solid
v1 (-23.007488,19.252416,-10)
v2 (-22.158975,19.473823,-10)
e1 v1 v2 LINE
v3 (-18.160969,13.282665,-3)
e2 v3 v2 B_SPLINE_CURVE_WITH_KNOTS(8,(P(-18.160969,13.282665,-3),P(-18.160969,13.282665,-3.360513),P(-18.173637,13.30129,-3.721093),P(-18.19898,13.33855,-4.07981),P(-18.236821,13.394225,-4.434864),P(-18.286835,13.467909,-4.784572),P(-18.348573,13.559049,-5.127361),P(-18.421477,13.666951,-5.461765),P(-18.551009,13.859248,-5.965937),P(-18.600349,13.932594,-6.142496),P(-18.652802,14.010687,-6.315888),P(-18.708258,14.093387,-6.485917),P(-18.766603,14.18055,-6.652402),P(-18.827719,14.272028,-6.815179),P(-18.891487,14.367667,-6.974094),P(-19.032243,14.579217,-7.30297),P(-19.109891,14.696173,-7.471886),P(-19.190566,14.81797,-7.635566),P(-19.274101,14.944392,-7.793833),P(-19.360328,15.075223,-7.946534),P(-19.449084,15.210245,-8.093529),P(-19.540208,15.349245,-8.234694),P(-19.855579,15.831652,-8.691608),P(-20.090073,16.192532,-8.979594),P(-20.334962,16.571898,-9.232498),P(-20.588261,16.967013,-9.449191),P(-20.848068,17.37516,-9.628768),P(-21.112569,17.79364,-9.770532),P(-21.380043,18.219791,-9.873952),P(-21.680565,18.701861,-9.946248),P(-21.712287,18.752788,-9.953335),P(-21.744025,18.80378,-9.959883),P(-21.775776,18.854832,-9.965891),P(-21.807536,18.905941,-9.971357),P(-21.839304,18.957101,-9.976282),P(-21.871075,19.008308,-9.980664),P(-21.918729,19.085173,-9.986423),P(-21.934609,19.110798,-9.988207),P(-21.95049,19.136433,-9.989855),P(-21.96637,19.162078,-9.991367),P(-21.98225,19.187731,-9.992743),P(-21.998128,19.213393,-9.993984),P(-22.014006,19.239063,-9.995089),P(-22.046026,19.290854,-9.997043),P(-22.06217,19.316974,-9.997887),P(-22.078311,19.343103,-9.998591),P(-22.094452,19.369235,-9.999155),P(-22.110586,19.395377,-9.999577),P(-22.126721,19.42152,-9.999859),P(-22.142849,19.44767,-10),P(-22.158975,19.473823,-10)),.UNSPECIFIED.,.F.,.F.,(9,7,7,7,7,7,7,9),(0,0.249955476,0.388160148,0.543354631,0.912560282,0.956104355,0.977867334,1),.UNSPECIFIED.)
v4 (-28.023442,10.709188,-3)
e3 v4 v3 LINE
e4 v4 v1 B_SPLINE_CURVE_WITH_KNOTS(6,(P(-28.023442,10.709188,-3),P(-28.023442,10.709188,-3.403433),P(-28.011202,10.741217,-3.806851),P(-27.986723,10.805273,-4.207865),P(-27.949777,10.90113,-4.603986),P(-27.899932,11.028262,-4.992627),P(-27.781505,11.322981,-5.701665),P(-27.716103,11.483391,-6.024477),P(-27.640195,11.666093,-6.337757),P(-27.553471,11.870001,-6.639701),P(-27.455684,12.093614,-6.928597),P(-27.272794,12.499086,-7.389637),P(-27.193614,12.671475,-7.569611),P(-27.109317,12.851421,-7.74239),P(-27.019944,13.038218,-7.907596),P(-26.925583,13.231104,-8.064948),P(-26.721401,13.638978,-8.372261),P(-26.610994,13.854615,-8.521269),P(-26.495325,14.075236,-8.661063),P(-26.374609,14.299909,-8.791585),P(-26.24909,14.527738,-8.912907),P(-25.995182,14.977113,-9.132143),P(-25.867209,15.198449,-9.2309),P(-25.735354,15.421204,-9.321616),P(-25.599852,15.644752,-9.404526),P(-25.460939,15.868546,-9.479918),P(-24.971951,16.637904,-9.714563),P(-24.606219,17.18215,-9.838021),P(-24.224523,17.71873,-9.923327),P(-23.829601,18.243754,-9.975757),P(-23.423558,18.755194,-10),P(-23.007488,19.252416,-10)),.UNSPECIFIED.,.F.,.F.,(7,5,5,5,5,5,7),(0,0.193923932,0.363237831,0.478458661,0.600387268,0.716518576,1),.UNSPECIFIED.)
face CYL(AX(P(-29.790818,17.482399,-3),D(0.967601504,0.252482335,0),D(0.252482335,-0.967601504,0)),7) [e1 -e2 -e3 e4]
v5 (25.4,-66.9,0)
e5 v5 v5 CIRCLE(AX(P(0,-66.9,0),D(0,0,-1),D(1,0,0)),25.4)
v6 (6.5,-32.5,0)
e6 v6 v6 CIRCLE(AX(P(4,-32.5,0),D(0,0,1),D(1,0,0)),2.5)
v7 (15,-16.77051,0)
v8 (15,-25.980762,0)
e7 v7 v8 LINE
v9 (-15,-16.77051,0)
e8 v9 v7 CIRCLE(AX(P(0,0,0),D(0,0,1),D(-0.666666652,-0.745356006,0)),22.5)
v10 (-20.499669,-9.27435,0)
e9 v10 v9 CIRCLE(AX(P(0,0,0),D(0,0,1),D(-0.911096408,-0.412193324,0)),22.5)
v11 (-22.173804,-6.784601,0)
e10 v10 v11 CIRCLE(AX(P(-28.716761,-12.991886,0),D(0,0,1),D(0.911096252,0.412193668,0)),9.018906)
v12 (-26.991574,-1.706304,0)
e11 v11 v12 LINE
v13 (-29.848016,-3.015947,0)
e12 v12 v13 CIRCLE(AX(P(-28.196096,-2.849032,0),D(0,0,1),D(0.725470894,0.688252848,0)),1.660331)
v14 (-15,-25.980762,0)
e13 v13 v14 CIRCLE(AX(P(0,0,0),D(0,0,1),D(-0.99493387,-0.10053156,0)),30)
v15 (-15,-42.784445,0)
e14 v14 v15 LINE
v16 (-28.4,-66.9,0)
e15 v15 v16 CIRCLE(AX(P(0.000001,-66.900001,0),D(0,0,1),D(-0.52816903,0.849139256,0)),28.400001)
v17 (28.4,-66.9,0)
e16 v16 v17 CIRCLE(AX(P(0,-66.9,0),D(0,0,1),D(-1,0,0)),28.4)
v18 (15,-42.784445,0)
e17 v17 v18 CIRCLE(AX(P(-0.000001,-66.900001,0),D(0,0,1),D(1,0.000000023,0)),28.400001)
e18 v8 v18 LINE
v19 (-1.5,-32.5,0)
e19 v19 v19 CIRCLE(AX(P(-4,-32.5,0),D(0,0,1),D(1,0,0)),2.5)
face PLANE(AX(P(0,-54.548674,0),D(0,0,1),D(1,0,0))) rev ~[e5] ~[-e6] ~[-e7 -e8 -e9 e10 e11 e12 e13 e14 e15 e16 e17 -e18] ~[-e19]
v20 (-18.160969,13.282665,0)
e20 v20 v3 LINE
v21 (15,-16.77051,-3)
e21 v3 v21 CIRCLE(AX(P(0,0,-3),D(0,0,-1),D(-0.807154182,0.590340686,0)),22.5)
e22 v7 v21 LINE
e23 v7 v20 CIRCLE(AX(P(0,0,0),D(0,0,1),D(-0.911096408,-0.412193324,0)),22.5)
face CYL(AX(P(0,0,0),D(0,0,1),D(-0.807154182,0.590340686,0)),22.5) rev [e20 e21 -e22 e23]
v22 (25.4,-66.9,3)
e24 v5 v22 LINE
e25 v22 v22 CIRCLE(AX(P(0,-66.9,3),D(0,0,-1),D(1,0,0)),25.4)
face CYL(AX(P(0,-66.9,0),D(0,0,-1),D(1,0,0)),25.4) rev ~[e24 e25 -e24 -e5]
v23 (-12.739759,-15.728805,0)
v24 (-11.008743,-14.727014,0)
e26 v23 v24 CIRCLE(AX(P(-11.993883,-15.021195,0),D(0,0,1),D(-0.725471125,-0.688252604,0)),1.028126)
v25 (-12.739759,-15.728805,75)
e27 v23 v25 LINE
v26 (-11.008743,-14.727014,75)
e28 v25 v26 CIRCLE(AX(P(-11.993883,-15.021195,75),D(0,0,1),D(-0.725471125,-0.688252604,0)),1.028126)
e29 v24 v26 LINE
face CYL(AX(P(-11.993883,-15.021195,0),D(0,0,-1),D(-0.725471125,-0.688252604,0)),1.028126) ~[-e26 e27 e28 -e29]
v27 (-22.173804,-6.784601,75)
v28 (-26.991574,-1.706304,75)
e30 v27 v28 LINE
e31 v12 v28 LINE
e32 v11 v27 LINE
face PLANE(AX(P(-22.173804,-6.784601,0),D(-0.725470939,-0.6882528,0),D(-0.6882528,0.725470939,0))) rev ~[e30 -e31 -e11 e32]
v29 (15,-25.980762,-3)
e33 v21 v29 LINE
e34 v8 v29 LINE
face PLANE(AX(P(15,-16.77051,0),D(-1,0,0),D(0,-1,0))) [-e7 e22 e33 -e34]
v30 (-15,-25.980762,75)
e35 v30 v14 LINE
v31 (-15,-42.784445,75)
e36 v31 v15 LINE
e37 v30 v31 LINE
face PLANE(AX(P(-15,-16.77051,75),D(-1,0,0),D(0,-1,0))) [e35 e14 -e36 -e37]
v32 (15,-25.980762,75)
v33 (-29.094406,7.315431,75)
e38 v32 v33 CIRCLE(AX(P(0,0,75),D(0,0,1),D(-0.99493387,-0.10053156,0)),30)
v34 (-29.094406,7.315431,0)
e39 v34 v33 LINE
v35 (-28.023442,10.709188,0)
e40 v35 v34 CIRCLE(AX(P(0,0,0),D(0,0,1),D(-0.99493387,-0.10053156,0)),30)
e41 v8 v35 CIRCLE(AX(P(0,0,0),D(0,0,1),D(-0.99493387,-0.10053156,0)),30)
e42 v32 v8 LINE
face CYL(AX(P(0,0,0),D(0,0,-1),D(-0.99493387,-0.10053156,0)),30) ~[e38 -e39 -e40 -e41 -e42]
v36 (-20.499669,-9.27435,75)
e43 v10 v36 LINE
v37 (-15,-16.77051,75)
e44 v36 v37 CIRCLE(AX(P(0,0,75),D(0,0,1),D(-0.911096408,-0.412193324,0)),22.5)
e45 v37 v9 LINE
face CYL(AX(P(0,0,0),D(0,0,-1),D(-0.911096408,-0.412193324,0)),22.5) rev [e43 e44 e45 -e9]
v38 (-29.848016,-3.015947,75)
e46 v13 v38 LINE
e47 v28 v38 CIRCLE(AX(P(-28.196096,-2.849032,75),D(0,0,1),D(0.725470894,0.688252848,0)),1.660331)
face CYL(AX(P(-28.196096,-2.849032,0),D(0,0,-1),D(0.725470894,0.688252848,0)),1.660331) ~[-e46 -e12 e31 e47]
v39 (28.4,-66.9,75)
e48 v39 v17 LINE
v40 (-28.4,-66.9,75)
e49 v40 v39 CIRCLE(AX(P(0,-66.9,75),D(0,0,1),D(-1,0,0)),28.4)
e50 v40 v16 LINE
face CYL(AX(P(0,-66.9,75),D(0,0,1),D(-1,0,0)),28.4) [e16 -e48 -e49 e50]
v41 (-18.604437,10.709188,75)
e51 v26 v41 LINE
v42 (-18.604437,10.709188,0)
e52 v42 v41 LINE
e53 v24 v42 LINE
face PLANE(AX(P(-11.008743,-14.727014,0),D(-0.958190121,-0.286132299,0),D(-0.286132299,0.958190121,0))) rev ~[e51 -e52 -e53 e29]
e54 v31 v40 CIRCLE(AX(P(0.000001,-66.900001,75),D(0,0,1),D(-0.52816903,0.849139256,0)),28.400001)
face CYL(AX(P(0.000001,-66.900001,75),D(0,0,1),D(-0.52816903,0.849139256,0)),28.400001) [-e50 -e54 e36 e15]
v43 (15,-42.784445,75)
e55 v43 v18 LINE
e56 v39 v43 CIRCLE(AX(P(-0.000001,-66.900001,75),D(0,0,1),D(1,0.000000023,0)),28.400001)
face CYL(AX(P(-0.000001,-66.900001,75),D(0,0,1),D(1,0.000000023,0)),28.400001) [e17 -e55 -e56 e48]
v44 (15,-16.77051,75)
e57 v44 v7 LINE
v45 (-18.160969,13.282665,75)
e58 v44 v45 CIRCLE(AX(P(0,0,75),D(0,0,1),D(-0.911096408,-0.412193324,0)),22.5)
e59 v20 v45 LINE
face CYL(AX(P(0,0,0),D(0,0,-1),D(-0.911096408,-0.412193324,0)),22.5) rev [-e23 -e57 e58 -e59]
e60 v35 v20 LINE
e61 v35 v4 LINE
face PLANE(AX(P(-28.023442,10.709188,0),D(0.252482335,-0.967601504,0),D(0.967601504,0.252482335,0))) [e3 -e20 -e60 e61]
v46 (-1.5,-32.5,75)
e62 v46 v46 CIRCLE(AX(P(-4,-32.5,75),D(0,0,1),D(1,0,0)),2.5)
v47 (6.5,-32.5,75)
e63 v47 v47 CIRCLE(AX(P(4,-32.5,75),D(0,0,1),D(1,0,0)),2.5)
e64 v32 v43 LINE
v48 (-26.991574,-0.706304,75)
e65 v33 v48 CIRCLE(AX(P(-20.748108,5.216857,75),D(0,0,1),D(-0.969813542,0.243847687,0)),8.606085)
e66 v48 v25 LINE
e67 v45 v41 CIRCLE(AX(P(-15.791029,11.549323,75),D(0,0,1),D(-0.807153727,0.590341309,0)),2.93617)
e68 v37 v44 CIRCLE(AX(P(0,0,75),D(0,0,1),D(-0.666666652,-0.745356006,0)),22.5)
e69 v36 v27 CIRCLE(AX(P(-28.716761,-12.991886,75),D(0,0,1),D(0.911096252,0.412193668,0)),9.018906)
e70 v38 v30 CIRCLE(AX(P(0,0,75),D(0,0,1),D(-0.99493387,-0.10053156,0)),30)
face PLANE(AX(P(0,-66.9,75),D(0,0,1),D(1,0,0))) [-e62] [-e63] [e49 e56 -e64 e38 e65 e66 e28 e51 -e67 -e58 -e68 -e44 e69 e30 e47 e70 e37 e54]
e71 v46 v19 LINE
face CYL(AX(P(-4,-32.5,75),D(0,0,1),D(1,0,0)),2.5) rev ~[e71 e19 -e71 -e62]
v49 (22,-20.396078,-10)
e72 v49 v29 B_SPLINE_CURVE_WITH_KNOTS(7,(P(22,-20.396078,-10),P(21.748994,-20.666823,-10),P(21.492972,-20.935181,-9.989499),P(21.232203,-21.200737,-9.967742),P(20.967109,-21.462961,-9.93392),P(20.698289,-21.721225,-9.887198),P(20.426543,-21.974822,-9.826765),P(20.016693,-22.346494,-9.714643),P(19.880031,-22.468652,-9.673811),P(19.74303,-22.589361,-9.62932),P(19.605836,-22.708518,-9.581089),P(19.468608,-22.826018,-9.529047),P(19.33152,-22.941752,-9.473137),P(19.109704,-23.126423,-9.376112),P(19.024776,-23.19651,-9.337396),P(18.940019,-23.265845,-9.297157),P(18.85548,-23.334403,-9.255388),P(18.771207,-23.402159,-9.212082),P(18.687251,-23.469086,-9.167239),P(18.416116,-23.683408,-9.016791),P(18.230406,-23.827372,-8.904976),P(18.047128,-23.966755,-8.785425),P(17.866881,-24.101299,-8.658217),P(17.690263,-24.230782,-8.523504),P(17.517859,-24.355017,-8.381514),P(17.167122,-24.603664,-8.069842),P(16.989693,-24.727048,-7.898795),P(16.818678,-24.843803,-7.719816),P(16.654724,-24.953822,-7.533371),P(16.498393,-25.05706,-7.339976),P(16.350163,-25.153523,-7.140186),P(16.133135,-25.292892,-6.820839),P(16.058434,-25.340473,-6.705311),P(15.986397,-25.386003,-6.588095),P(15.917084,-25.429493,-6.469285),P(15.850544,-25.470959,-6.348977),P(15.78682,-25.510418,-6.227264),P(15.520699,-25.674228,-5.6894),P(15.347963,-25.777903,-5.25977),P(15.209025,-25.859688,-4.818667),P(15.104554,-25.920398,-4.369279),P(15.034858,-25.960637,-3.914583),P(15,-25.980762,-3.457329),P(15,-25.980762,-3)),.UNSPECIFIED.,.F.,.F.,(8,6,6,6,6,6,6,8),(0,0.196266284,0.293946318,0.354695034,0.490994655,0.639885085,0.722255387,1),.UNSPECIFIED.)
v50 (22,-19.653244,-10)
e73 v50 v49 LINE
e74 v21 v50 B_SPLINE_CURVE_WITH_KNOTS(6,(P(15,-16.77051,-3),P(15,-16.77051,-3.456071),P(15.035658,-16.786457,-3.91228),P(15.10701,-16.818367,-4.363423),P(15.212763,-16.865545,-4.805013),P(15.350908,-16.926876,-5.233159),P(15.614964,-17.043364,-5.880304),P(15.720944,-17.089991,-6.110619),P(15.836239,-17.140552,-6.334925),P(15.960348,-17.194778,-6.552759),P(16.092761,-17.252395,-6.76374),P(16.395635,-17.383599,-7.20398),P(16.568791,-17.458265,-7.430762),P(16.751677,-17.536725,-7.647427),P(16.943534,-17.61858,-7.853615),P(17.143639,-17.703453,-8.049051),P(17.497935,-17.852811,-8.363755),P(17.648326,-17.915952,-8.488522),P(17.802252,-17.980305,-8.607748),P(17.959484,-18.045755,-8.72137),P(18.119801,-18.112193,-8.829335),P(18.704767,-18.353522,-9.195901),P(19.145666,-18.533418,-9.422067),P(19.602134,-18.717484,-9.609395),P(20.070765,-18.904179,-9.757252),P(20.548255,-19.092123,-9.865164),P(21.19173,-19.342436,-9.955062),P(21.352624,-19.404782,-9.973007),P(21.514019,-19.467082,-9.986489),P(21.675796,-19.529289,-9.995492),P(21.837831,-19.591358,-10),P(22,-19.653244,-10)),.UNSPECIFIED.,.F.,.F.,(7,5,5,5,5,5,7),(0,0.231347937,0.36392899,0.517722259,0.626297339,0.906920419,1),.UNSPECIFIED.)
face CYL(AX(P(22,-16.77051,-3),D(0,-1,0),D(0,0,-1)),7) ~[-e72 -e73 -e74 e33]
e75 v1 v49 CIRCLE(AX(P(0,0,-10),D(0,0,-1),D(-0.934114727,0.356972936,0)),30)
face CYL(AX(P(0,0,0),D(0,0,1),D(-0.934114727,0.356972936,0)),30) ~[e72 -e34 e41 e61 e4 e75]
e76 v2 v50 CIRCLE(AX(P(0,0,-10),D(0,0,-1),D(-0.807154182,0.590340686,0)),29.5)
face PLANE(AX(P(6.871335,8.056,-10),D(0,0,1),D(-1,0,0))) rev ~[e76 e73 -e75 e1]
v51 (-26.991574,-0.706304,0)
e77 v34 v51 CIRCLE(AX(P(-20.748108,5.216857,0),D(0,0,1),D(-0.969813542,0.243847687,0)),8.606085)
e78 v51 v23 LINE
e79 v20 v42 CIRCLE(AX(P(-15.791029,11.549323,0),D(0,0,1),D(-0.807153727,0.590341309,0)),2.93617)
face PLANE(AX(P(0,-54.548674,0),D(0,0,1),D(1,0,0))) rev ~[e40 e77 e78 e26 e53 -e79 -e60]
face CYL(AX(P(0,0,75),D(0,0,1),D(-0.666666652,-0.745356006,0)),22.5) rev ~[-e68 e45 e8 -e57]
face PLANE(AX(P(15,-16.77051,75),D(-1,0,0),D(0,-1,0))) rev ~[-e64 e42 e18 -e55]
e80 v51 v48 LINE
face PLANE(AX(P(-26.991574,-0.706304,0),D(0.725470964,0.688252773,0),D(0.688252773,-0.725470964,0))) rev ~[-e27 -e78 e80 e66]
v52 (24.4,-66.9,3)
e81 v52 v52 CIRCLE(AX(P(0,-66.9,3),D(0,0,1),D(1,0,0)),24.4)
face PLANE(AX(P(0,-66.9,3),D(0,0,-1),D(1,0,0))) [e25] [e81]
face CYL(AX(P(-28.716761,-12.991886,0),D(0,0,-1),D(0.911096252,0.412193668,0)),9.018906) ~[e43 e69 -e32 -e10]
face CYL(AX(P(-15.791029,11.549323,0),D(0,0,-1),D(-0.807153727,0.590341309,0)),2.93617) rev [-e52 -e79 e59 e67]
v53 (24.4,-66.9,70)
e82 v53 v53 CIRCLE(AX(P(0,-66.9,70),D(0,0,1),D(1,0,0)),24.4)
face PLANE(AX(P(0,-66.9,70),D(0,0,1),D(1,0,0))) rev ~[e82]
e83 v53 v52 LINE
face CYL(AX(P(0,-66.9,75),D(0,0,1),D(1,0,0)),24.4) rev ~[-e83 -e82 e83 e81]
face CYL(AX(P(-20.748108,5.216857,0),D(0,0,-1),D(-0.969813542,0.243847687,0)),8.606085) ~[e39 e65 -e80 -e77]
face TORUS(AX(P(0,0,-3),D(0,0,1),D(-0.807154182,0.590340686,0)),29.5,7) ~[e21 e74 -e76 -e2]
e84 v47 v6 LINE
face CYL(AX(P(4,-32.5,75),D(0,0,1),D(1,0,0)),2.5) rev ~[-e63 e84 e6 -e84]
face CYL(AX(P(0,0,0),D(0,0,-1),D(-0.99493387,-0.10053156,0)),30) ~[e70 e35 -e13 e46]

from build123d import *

# Parameters (mm, degrees)
PAD_DEPTH     = 75
SKETCH001_R   = 24.4
SKETCH001_R_2 = 2.5
PAD001_DEPTH  = 75
SKETCH003_R   = 24.4
PAD002_DEPTH  = 5
SKETCH004_R   = 25.4
POCKET_DEPTH  = 3
PAD003_DEPTH  = 10
FILLET_R      = 7


with BuildPart() as part:
    # Sketch → Pad (new body)
    with BuildSketch(Plane.XY):
        with BuildLine():
            ThreePointArc((-29.848016, -3.015947), (29.920505, -2.182515), (-29.094406, 7.315431))
            ThreePointArc((-29.094406, 7.315431), (-29.072912, 3.034578), (-26.991574, -0.706304))
            Line((-26.991574, -0.706304), (-12.739759, -15.728805))
            ThreePointArc((-12.739759, -15.728805), (-11.4789, -15.911046), (-11.008743, -14.727014))
            Line((-11.008743, -14.727014), (-18.604437, 10.709188))
            ThreePointArc((-18.160969, 13.282665), (-18.684551, 12.047942), (-18.604437, 10.709188))
            ThreePointArc((-20.499669, -9.27435), (22.380035, -2.320351), (-18.160969, 13.282665))
            ThreePointArc((-20.499669, -9.27435), (-21.232479, -7.959372), (-22.173804, -6.784601))
            Line((-22.173804, -6.784601), (-26.991574, -1.706304))
            ThreePointArc((-26.991574, -1.706304), (-28.888073, -1.339771), (-29.848016, -3.015947))
        make_face()
    extrude(amount=PAD_DEPTH)

    # Sketch001 (on DatumPlane) → Pad001 (join)
    with BuildSketch(Plane.XY.offset(75)):
        with BuildLine():
            ThreePointArc((-28.4, -66.9), (0, -95.3), (28.4, -66.9))
            ThreePointArc((28.4, -66.9), (24.824987, -53.105798), (15, -42.784445))
            Line((15, -16.77051), (15, -42.784445))
            ThreePointArc((-15, -16.77051), (0, -22.5), (15, -16.77051))
            Line((-15, -16.77051), (-15, -42.784445))
            ThreePointArc((-15, -42.784445), (-24.824987, -53.105798), (-28.4, -66.9))
        make_face()
        with Locations((0, -66.9)):
            Circle(SKETCH001_R, mode=Mode.SUBTRACT)
        with Locations((-4, -32.5)):
            Circle(SKETCH001_R_2, mode=Mode.SUBTRACT)
        with Locations((4, -32.5)):
            Circle(SKETCH001_R_2, mode=Mode.SUBTRACT)
    extrude(amount=-PAD001_DEPTH)

    # Sketch003 (on DatumPlane) → Pad002 (join)
    with BuildSketch(Plane.XY.offset(75)):
        with Locations((0, -66.9)):
            Circle(SKETCH003_R)
    extrude(amount=-PAD002_DEPTH)

    # Sketch004 (on DatumPlane) → Pocket (cut)
    with BuildSketch(Plane(origin=(0, 0, 0), x_dir=(1, 0, 0), z_dir=(0, 0, -1))):
        with Locations((0, 66.9)):
            Circle(SKETCH004_R)
    extrude(amount=-POCKET_DEPTH, mode=Mode.SUBTRACT)

    # Sketch005 (on DatumPlane) → Pad003 (join)
    with BuildSketch(Plane(origin=(0, 0, 0), x_dir=(1, 0, 0), z_dir=(0, 0, -1))):
        with BuildLine():
            Line((-28.023442, -10.709188), (-18.160969, -13.282665))
            ThreePointArc((-18.160969, -13.282665), (15.109476, -16.671944), (15, 16.77051))
            Line((15, 16.77051), (15, 25.980762))
            ThreePointArc((-28.023442, -10.709188), (19.466397, -22.826725), (15, 25.980762))
        make_face()
    extrude(amount=PAD003_DEPTH)

    # Fillet
    fillet_edges = [part.edges().sort_by_distance(p)[0] for p in [
        (15.109476, 16.671944, -10),
        (-23.092205, 11.995927, -10),
        (15, -21.375636, -10),
    ]]
    fillet(fillet_edges, radius=FILLET_R)


solid = part.part
